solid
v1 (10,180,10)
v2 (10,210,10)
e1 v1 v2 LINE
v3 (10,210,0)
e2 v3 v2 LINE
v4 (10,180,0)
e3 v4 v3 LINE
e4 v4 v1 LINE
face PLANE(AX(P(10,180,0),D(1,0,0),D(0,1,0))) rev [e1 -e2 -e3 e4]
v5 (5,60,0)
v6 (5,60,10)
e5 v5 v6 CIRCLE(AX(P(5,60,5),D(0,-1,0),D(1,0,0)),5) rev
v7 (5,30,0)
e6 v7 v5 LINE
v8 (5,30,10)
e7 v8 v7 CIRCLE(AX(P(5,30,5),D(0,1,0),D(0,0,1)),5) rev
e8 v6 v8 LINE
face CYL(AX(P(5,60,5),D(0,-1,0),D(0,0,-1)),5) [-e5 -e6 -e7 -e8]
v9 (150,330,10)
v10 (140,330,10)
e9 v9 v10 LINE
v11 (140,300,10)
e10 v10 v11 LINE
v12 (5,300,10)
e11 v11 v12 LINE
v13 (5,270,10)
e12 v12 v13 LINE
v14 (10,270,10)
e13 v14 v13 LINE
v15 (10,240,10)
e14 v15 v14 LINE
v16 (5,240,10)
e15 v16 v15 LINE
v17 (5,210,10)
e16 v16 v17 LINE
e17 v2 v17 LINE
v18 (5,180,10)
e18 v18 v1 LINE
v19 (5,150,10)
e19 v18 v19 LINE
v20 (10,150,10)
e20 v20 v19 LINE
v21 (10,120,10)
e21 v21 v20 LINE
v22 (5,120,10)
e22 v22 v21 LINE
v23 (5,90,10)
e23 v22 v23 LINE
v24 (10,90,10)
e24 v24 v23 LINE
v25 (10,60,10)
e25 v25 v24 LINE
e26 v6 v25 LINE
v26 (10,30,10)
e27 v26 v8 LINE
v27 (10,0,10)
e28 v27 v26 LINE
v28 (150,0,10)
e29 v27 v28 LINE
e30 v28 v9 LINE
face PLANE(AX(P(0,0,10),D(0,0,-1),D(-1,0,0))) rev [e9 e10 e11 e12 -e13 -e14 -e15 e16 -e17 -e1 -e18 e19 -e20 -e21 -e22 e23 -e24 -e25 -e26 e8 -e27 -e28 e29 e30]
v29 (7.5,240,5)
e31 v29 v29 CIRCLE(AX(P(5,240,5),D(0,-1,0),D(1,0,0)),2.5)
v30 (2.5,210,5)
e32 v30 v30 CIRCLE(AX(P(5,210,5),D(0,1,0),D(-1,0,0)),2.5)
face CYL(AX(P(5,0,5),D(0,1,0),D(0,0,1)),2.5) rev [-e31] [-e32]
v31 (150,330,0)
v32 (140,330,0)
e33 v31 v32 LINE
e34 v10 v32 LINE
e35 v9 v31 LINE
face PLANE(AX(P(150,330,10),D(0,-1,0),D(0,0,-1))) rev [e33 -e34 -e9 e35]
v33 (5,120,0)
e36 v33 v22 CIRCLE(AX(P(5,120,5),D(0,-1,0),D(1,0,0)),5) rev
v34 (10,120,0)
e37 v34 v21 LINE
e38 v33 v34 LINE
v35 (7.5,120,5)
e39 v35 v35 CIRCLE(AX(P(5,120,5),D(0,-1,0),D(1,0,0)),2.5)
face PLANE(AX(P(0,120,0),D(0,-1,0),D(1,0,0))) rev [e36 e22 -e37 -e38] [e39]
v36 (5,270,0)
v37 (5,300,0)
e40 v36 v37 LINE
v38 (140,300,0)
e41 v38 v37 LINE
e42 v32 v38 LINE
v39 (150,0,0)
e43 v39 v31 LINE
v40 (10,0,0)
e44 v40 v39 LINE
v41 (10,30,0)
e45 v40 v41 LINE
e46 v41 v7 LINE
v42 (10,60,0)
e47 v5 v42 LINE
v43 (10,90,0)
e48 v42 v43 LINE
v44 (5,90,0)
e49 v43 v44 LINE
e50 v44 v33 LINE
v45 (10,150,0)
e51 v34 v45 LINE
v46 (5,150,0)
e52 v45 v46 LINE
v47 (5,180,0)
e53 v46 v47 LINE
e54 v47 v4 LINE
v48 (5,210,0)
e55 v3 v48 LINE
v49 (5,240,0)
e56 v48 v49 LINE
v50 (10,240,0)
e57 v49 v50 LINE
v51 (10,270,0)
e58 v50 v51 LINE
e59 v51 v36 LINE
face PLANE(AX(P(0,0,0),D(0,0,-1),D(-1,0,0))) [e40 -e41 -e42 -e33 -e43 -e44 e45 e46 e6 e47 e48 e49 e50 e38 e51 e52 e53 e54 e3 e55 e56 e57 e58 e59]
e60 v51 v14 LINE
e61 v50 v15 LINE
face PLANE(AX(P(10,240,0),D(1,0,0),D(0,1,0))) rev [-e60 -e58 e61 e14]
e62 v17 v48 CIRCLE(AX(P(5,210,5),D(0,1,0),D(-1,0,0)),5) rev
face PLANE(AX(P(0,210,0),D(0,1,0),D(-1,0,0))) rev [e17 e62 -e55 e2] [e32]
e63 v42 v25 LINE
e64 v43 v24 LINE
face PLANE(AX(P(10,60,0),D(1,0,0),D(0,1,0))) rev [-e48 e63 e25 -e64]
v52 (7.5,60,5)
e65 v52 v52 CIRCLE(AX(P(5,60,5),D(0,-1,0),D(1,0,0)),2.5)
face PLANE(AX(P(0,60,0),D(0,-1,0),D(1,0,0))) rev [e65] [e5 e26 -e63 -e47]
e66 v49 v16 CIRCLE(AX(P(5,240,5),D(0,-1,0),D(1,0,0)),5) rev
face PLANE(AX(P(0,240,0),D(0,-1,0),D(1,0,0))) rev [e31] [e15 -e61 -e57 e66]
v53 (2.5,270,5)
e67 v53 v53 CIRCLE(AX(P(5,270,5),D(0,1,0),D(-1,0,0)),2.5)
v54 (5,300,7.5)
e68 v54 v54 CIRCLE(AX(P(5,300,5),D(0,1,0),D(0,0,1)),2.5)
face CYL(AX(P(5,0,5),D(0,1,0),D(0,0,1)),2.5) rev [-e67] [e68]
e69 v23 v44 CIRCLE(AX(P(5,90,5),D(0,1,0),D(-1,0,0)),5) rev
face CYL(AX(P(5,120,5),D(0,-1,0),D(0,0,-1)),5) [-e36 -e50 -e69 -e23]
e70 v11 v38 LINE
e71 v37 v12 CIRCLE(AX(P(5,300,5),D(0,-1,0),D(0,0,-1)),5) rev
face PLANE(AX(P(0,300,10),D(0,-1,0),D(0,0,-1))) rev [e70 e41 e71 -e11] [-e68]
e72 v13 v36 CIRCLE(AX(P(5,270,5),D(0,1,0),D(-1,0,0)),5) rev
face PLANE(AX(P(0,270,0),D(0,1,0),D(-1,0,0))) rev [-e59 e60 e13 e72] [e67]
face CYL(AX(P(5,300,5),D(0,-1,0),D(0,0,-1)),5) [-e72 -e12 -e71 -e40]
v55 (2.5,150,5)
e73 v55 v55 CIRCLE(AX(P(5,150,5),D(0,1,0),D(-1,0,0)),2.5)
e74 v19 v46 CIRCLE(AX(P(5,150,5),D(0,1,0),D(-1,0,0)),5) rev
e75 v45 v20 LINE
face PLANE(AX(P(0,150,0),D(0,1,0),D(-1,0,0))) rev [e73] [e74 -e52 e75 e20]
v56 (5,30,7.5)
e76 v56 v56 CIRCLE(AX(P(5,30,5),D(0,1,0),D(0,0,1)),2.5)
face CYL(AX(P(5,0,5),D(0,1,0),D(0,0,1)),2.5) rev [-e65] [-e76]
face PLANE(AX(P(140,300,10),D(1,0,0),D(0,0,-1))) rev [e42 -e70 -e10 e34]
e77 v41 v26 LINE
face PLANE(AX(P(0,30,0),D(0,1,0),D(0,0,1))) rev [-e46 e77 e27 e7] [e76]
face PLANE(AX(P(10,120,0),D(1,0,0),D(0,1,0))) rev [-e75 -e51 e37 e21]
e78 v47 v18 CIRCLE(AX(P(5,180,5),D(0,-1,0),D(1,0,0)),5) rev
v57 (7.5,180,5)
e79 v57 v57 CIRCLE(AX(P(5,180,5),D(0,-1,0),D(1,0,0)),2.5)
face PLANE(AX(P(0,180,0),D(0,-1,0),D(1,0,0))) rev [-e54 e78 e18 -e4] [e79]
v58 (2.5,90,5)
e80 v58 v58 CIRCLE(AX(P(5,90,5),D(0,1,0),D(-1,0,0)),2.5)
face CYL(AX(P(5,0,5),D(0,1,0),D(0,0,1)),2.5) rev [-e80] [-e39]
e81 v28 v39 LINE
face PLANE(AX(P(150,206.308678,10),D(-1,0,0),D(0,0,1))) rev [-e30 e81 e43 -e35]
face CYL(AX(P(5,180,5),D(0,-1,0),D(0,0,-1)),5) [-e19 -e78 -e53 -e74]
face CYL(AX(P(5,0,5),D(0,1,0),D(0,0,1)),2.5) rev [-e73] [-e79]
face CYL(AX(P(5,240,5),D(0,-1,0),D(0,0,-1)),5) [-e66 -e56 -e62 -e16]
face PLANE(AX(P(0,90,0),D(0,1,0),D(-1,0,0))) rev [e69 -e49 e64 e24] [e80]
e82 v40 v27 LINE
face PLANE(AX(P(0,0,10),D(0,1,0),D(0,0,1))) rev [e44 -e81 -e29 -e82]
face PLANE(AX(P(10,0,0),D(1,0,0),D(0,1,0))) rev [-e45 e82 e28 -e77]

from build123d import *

# Parameters (mm, degrees)
BOSS_EXTRUDE1_DEPTH = 10
SKETCH2_W           = 10
SKETCH2_H           = 30
CUT_EXTRUDE1_DEPTH  = 363.629287289
SKETCH3_R           = 2.5
CUT_EXTRUDE2_DEPTH  = 336.559234711
FILLET3_RADIUS      = 5
FILLET3_LENGTH      = 30
FILLET4_RADIUS      = 5
FILLET4_LENGTH      = 30
FILLET5_RADIUS      = 5
FILLET5_LENGTH      = 30
FILLET6_RADIUS      = 5
FILLET6_LENGTH      = 30
FILLET7_RADIUS      = 5
FILLET7_LENGTH      = 30


with BuildPart() as part:
    # Sketch1 → Boss-Extrude1 (new body)
    with BuildSketch(Plane.XY):
        Polygon((0, 0), (150, 0), (150, 206.30867798), (150, 330), (140, 330), (140, 300), (0, 300), align=None)
    extrude(amount=BOSS_EXTRUDE1_DEPTH)

    # Sketch2 → Cut-Extrude1 (cut, through all)
    with BuildSketch(Plane.XY.offset(10)):
        with Locations((5, 75)):
            Rectangle(SKETCH2_W, SKETCH2_H)
        with Locations((5, 15)):
            Rectangle(SKETCH2_W, SKETCH2_H)
        with Locations((5, 135)):
            Rectangle(SKETCH2_W, SKETCH2_H)
        with Locations((5, 195)):
            Rectangle(SKETCH2_W, SKETCH2_H)
        with Locations((5, 255)):
            Rectangle(SKETCH2_W, SKETCH2_H)
    extrude(amount=-CUT_EXTRUDE1_DEPTH, mode=Mode.SUBTRACT)

    # Sketch3 → Cut-Extrude2 (cut, through all)
    with BuildSketch(Plane(origin=(0, 300, 0), x_dir=(1, 0, 0), z_dir=(0, 1, 0))):
        with Locations(Location((5, -5, 0), (0, 0, 270))):
            Circle(SKETCH3_R)
    extrude(amount=-CUT_EXTRUDE2_DEPTH, mode=Mode.SUBTRACT)

    # Fillet3: full round fillet: the end face becomes a half cylinder, R = half its width
    fillet3_face = Plane((0, 285, 5), x_dir=(0, -1, 0), z_dir=(-1, 0, 0))  # on the end face: x along it, z out of the body
    fillet3_slab = fillet3_face.offset(-FILLET3_RADIUS / 2) * Box(FILLET3_LENGTH, 2 * FILLET3_RADIUS, FILLET3_RADIUS, mode=Mode.PRIVATE)  # the body's end, R deep
    fillet3_round = Plane((5, 285, 5), x_dir=(-1, 0, 0), z_dir=(0, -1, 0)) * Cylinder(FILLET3_RADIUS, FILLET3_LENGTH, mode=Mode.PRIVATE)  # its axis R under the face
    add(fillet3_slab - fillet3_round, mode=Mode.SUBTRACT)

    # Fillet4: full round fillet: the end face becomes a half cylinder, R = half its width
    fillet4_face = Plane((0, 225, 5), x_dir=(0, -1, 0), z_dir=(-1, 0, 0))  # on the end face: x along it, z out of the body
    fillet4_slab = fillet4_face.offset(-FILLET4_RADIUS / 2) * Box(FILLET4_LENGTH, 2 * FILLET4_RADIUS, FILLET4_RADIUS, mode=Mode.PRIVATE)  # the body's end, R deep
    fillet4_round = Plane((5, 225, 5), x_dir=(-1, 0, 0), z_dir=(0, -1, 0)) * Cylinder(FILLET4_RADIUS, FILLET4_LENGTH, mode=Mode.PRIVATE)  # its axis R under the face
    add(fillet4_slab - fillet4_round, mode=Mode.SUBTRACT)

    # Fillet5: full round fillet: the end face becomes a half cylinder, R = half its width
    fillet5_face = Plane((0, 165, 5), x_dir=(0, -1, 0), z_dir=(-1, 0, 0))  # on the end face: x along it, z out of the body
    fillet5_slab = fillet5_face.offset(-FILLET5_RADIUS / 2) * Box(FILLET5_LENGTH, 2 * FILLET5_RADIUS, FILLET5_RADIUS, mode=Mode.PRIVATE)  # the body's end, R deep
    fillet5_round = Plane((5, 165, 5), x_dir=(-1, 0, 0), z_dir=(0, -1, 0)) * Cylinder(FILLET5_RADIUS, FILLET5_LENGTH, mode=Mode.PRIVATE)  # its axis R under the face
    add(fillet5_slab - fillet5_round, mode=Mode.SUBTRACT)

    # Fillet6: full round fillet: the end face becomes a half cylinder, R = half its width
    fillet6_face = Plane((0, 105, 5), x_dir=(0, -1, 0), z_dir=(-1, 0, 0))  # on the end face: x along it, z out of the body
    fillet6_slab = fillet6_face.offset(-FILLET6_RADIUS / 2) * Box(FILLET6_LENGTH, 2 * FILLET6_RADIUS, FILLET6_RADIUS, mode=Mode.PRIVATE)  # the body's end, R deep
    fillet6_round = Plane((5, 105, 5), x_dir=(-1, 0, 0), z_dir=(0, -1, 0)) * Cylinder(FILLET6_RADIUS, FILLET6_LENGTH, mode=Mode.PRIVATE)  # its axis R under the face
    add(fillet6_slab - fillet6_round, mode=Mode.SUBTRACT)

    # Fillet7: full round fillet: the end face becomes a half cylinder, R = half its width
    fillet7_face = Plane((0, 45, 5), x_dir=(0, -1, 0), z_dir=(-1, 0, 0))  # on the end face: x along it, z out of the body
    fillet7_slab = fillet7_face.offset(-FILLET7_RADIUS / 2) * Box(FILLET7_LENGTH, 2 * FILLET7_RADIUS, FILLET7_RADIUS, mode=Mode.PRIVATE)  # the body's end, R deep
    fillet7_round = Plane((5, 45, 5), x_dir=(-1, 0, 0), z_dir=(0, -1, 0)) * Cylinder(FILLET7_RADIUS, FILLET7_LENGTH, mode=Mode.PRIVATE)  # its axis R under the face
    add(fillet7_slab - fillet7_round, mode=Mode.SUBTRACT)


solid = part.part
